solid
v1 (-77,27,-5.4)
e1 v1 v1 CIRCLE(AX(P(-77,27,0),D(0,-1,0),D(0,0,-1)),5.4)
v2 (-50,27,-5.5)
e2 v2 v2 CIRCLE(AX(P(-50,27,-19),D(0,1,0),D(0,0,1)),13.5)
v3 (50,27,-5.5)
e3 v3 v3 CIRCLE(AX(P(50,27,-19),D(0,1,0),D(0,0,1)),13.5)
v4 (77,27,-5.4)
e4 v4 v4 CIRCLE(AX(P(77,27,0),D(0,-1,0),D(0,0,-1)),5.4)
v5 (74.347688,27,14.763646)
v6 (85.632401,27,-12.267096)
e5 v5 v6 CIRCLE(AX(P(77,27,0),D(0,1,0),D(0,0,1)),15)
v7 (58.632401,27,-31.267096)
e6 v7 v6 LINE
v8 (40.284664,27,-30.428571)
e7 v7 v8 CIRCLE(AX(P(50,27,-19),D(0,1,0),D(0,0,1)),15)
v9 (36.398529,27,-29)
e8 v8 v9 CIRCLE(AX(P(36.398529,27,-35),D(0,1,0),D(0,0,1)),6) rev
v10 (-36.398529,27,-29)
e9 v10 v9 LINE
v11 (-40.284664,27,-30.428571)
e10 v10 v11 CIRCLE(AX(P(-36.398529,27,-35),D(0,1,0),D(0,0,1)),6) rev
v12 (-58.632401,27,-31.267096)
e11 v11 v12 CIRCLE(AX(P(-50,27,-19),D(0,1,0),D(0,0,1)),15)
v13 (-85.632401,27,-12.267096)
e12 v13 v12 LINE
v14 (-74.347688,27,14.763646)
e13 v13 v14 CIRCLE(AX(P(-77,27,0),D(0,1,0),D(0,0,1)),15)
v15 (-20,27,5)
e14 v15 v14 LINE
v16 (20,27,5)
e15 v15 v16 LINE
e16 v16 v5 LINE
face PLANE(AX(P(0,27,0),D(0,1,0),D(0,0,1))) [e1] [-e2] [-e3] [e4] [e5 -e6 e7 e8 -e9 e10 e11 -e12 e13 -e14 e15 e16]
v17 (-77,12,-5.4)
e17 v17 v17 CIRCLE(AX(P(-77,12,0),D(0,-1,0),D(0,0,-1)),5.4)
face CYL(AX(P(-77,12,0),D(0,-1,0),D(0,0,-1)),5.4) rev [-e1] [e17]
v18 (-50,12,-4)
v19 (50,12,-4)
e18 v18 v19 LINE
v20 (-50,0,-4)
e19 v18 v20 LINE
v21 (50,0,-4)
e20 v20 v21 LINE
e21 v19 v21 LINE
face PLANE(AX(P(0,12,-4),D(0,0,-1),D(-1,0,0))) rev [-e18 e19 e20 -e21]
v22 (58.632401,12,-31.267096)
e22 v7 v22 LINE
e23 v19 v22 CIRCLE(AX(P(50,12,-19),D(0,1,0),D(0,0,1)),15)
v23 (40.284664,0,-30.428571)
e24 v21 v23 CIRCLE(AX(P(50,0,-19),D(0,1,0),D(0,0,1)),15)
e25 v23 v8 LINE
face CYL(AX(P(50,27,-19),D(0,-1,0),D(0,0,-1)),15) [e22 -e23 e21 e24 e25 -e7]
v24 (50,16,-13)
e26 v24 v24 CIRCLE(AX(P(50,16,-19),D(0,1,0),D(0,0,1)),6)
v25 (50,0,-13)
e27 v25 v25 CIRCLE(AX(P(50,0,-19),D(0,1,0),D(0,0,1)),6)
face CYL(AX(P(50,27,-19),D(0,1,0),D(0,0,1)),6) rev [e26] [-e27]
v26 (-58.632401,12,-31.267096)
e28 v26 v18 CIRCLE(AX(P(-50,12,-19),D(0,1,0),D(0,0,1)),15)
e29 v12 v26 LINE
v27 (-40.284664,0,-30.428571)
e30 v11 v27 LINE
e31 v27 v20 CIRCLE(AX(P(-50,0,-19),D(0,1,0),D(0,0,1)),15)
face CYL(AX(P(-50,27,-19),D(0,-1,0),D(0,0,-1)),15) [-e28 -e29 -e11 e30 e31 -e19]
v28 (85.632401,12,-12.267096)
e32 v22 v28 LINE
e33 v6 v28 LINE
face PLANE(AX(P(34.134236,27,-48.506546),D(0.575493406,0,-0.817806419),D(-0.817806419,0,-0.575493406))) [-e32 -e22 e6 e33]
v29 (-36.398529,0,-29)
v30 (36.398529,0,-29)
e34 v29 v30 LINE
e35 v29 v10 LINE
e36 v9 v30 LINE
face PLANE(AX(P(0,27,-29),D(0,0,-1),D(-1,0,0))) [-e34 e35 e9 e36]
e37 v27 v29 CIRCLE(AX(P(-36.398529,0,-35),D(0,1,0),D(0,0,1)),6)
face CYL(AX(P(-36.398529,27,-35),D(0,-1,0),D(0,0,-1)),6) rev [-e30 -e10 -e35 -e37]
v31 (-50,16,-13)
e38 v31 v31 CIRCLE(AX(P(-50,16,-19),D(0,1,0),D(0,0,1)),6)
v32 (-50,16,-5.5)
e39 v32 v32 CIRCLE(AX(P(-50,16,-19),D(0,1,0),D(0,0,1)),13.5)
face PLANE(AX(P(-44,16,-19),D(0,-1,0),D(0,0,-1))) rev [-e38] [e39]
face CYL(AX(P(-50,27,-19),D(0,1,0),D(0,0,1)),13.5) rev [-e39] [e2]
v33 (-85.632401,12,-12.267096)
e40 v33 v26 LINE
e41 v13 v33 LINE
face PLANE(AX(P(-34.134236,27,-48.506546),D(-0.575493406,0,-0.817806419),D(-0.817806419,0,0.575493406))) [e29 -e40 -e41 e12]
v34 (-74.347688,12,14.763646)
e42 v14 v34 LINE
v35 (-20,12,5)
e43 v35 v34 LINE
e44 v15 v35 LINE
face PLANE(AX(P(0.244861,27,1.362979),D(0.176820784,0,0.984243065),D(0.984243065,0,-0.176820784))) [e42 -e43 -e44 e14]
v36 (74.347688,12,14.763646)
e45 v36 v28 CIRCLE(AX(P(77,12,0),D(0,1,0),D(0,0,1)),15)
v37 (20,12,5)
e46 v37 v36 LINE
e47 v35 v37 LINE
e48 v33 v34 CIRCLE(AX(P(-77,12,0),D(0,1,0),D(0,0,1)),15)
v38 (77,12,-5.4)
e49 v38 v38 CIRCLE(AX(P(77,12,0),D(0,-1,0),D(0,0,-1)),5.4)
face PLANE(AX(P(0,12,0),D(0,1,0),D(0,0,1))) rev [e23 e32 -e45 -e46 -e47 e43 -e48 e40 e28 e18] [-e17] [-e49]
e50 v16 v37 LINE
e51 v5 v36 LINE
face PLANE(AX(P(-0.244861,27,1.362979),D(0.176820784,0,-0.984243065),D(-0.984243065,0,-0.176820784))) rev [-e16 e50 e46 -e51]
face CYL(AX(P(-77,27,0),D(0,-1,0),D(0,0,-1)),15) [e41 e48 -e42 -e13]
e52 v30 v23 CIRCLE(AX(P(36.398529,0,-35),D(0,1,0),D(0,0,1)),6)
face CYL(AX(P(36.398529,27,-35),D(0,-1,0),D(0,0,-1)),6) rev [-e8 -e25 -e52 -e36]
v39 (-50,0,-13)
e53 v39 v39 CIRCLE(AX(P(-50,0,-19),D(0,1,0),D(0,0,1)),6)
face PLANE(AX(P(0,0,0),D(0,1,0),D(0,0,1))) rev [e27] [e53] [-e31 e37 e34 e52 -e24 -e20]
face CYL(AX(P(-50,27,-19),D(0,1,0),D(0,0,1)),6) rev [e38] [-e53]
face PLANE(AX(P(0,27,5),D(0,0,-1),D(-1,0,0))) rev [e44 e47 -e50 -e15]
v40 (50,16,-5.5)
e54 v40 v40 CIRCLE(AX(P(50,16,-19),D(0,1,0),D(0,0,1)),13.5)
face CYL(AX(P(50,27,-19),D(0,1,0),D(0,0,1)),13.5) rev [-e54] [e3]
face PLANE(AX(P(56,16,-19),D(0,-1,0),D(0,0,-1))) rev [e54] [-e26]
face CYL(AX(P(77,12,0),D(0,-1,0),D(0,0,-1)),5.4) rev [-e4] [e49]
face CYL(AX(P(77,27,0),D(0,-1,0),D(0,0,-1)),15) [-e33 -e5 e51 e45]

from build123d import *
from build123d.topology import SkipClean

# Parameters (mm, degrees)
BOSS_EXTRU_1_DEPTH      = 27
ESQUISSE1_3_R           = 15
ENL_V_MAT_EXTRU_1_DEPTH = 12
TROU_TARAUD_M12X1_251_D = 10.8
PER_AGE1_D              = 12
PER_AGE1_DEPTH          = 27
PER_AGE1_CBORE_D        = 27
PER_AGE1_CBORE_DEPTH    = 11
PER_AGE1_TIP            = 3.605163714
CONG_1_R                = 6


with BuildPart() as part:
    # Esquisse1 → Boss.-Extru.1 (new body)
    with BuildSketch(Plane(origin=(0, 0, 0), x_dir=(1, 0, 0), z_dir=(0, 1, 0))):
        with BuildLine():
            Line((-74.347688243, -14.763645971), (-20, -5))
            Line((-20, -5), (20, -5))
            Line((20, -5), (74.347688243, -14.763645971))
            ThreePointArc((74.347688243, -14.763645971), (90.842168324, -5.778786733), (85.632401093, 12.26709629))
            Line((85.632401093, 12.26709629), (58.632401093, 31.26709629))
            ThreePointArc((58.632401093, 31.26709629), (48.294734794, 33.902753792), (38.819660113, 29))
            Line((38.819660113, 29), (-38.819660113, 29))
            ThreePointArc((-38.819660113, 29), (-48.294734794, 33.902753792), (-58.632401093, 31.26709629))
            Line((-58.632401093, 31.26709629), (-85.632401093, 12.26709629))
            ThreePointArc((-85.632401093, 12.26709629), (-90.842168324, -5.778786733), (-74.347688243, -14.763645971))
        make_face()
    extrude(amount=BOSS_EXTRU_1_DEPTH)

    # Esquisse1_3 → Enl_v. mat.-Extru.1 (cut)
    with SkipClean():  # keep this step's faces unmerged: merging them makes the solid invalid here
        with BuildSketch(Plane(origin=(0, 0, 0), x_dir=(1, 0, 0), z_dir=(0, 1, 0))):
            with BuildLine():
                Line((-74.347688243, -14.763645971), (-20, -5))
                Line((-20, -5), (0, -5))
                Line((0, -5), (20, -5))
                Line((20, -5), (74.347688243, -14.763645971))
                ThreePointArc((74.347688243, -14.763645971), (63.157831676, 5.778786733), (85.632401093, 12.26709629))
                Line((85.632401093, 12.26709629), (58.632401093, 31.26709629))
                ThreePointArc((58.632401093, 31.26709629), (63.31326437, 25.910643371), (65, 19))
                ThreePointArc((65, 19), (60.606601718, 8.393398282), (50, 4))
                Line((50, 4), (-50, 4))
                ThreePointArc((-50, 4), (-64.300462306, 14.472663274), (-58.632401093, 31.26709629))
                Line((-58.632401093, 31.26709629), (-85.632401093, 12.26709629))
                ThreePointArc((-85.632401093, 12.26709629), (-70.089356629, 13.31326437), (-62, 0))
                ThreePointArc((-62, 0), (-65.493813048, -9.623287475), (-74.347688243, -14.763645971))
            make_face()
            with Locations((77, 0)):
                Circle(ESQUISSE1_3_R)
            with Locations((-77, 0)):
                Circle(ESQUISSE1_3_R)
        extrude(amount=ENL_V_MAT_EXTRU_1_DEPTH, mode=Mode.SUBTRACT)

    # Trou taraud_ M12x1.251 (through all)
    with Locations(Plane(origin=(0, 12, 0), x_dir=(-1, 0, 0), z_dir=(0, -1, 0))):
        with Locations((-77, 0), (77, 0)):
            Hole(TROU_TARAUD_M12X1_251_D / 2)

    # Per_age1
    with Locations(Plane(origin=(0, 27, 0), x_dir=(1, 0, 0), z_dir=(0, 1, 0))):
        with Locations((-50, 19), (50, 19)):
            CounterBoreHole(PER_AGE1_D / 2, PER_AGE1_CBORE_D / 2, PER_AGE1_CBORE_DEPTH, depth=PER_AGE1_DEPTH)
            with Locations((0, 0, -(PER_AGE1_DEPTH + PER_AGE1_TIP / 2))):  # 118° drill point
                Cone(0, PER_AGE1_D / 2, PER_AGE1_TIP, mode=Mode.SUBTRACT)

    # Cong_1
    cong_1_edges = [part.edges().sort_by_distance(p)[0] for p in [
        (38.819660113, 13.5, -29),
        (-38.819660113, 13.5, -29),
    ]]
    fillet(cong_1_edges, radius=CONG_1_R)


solid = part.part
